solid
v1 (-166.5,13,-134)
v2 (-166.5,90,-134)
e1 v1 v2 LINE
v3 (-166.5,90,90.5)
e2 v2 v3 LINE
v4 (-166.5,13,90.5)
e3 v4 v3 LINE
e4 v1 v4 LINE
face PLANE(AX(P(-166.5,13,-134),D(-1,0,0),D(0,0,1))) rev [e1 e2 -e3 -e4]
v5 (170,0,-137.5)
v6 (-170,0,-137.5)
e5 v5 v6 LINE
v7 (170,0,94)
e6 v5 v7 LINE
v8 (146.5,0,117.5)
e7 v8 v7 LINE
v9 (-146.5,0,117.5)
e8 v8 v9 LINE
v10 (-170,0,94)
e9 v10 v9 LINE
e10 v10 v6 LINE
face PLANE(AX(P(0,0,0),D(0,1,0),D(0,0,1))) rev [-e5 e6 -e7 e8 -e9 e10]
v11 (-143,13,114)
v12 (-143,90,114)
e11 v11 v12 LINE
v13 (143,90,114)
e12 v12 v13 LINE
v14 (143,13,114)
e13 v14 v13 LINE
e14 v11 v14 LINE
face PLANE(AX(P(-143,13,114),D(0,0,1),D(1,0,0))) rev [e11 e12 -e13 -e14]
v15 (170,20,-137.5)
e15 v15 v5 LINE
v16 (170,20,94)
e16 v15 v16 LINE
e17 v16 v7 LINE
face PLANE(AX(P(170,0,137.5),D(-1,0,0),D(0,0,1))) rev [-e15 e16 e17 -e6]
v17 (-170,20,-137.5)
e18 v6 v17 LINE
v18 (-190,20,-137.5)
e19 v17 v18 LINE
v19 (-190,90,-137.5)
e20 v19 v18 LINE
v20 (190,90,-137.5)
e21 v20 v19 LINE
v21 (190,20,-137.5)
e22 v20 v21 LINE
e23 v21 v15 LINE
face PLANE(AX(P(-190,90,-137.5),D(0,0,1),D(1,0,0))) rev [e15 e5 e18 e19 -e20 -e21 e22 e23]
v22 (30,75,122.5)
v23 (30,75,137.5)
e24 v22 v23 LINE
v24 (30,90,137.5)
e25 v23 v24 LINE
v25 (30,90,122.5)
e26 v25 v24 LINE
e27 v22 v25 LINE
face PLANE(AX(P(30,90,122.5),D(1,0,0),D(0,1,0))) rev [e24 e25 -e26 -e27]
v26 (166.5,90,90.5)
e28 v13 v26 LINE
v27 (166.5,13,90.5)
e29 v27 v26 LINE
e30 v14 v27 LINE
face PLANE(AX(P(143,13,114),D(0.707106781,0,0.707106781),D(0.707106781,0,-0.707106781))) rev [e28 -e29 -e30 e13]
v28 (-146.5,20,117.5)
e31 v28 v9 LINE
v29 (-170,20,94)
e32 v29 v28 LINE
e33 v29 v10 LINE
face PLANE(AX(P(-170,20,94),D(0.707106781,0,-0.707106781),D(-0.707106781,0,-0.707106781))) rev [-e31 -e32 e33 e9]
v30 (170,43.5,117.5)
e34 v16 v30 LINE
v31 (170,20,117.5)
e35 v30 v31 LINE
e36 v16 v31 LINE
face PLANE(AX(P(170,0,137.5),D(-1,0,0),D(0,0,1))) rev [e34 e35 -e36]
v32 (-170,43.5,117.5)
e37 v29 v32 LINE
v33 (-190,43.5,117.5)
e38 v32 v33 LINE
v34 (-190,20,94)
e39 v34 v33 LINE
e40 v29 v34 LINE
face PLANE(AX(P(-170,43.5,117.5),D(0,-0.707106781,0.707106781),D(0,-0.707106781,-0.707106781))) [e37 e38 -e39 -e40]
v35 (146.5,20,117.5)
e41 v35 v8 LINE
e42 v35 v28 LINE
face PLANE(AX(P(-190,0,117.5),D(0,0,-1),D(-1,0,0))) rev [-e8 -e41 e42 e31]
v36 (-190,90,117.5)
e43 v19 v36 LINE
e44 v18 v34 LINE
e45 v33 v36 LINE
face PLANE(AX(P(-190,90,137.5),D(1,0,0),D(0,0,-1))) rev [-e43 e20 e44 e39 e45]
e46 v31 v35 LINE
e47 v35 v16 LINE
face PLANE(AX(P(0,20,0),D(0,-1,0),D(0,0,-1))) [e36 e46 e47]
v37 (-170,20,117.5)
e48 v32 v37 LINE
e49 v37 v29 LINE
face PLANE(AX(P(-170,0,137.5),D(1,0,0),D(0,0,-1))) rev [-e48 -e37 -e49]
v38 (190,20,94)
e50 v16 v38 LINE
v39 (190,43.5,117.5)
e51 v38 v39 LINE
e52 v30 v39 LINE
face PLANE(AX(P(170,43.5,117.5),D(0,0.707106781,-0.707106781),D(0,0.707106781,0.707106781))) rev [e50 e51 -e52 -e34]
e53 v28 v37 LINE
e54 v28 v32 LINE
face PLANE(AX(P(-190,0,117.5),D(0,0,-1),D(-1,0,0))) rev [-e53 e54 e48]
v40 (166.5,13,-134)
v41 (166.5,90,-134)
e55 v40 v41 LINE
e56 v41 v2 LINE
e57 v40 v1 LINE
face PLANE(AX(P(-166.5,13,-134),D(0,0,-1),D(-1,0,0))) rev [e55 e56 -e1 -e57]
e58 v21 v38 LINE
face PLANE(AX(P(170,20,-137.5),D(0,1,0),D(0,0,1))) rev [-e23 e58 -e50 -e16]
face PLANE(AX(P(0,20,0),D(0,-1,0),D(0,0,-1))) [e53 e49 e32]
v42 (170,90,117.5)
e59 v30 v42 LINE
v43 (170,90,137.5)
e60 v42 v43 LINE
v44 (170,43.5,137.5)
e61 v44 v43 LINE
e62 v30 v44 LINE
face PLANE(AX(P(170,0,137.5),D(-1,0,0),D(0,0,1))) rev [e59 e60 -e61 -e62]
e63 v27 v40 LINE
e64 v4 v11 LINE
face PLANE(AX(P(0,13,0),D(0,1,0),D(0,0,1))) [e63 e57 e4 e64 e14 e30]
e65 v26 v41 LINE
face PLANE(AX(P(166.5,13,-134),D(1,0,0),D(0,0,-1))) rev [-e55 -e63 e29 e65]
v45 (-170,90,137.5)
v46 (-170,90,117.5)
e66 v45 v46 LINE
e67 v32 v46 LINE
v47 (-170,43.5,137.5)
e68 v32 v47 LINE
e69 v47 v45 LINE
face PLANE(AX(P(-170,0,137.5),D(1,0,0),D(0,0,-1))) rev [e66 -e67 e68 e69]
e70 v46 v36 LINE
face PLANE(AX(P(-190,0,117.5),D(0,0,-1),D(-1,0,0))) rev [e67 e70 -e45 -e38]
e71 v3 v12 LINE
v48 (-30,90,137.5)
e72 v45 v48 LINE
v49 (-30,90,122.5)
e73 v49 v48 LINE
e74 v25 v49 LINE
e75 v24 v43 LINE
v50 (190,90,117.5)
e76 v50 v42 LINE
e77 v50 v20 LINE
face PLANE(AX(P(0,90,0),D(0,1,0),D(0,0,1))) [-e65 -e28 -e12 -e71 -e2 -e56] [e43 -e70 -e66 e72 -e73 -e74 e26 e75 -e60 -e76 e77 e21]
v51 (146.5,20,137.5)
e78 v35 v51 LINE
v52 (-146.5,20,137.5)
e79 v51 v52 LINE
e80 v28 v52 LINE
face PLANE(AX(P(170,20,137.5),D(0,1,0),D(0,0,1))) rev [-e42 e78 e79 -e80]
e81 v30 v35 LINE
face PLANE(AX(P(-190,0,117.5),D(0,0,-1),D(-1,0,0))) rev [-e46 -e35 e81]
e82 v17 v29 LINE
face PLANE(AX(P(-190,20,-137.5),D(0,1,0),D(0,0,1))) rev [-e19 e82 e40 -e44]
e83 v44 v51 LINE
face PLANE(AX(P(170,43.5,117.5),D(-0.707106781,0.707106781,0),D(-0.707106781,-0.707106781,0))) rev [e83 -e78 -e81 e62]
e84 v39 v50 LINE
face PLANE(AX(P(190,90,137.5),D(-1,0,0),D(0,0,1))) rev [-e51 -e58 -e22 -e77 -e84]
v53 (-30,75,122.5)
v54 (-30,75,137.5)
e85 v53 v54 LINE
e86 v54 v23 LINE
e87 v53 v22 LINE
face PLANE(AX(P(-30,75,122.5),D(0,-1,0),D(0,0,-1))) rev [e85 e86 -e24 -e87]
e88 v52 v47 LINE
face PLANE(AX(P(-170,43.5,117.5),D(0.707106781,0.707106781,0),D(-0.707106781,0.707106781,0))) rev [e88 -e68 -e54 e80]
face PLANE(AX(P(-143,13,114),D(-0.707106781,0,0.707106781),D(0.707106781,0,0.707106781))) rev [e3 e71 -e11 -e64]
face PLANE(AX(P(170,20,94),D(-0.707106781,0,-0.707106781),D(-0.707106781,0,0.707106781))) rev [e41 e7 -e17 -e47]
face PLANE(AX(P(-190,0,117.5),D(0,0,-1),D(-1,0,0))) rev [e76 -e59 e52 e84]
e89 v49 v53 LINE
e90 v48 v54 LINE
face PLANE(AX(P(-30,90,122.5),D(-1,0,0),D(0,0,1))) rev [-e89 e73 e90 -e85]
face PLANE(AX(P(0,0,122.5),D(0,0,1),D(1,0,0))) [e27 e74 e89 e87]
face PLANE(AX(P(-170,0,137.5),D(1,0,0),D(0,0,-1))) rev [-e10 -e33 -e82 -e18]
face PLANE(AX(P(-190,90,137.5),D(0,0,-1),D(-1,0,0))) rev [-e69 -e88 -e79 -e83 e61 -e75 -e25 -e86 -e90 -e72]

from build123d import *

# Parameters (mm, degrees)
SKETCH_1_W          = 380
SKETCH_1_H          = 275
EXTRUDE_1_DEPTH     = 90
SKETCH_2_W          = 20
SKETCH_2_H          = 20
CUT_EXTRUDE_1_DEPTH = 90
SKETCH_4_W          = 20
SKETCH_4_H          = 20
CUT_EXTRUDE_3_DEPTH = 255
SKETCH_5_W          = 20
SKETCH_5_H          = 20
CUT_EXTRUDE_4_DEPTH = 340
CUT_EXTRUDE_5_DEPTH = 77
SKETCH_7_W          = 60
SKETCH_7_H          = 15
CUT_EXTRUDE_6_DEPTH = 15
CUT_EXTRUDE_7_DEPTH = 20
CUT_EXTRUDE_8_DEPTH = 20
CUT_EXTRUDE_9_DEPTH = 20


with BuildPart() as part:
    # 草圖1 → 填料-伸長1 (new body)
    with BuildSketch(Plane(origin=(0, 0, 0), x_dir=(1, 0, 0), z_dir=(0, 1, 0))):
        Rectangle(SKETCH_1_W, SKETCH_1_H)
    extrude(amount=EXTRUDE_1_DEPTH)

    # 草圖2 → 除料-伸長1 (cut)
    with BuildSketch(Plane(origin=(0, 90, 0), x_dir=(1, 0, 0), z_dir=(0, 1, 0))):
        with Locations((-180, -127.5)):
            Rectangle(SKETCH_2_W, SKETCH_2_H)
        with Locations((180, -127.5)):
            Rectangle(SKETCH_2_W, SKETCH_2_H)
    extrude(amount=-CUT_EXTRUDE_1_DEPTH, mode=Mode.SUBTRACT)

    # 草圖4 → 除料-伸長3 (cut)
    with BuildSketch(Plane.XY.offset(117.5)):
        with Locations((-180, 10)):
            Rectangle(SKETCH_4_W, SKETCH_4_H)
        with Locations((180, 10)):
            Rectangle(SKETCH_4_W, SKETCH_4_H)
    extrude(amount=-CUT_EXTRUDE_3_DEPTH, mode=Mode.SUBTRACT)

    # 草圖5 → 除料-伸長4 (cut)
    with BuildSketch(Plane.ZY.offset(170)):
        with Locations((127.5, 10)):
            Rectangle(SKETCH_5_W, SKETCH_5_H)
    extrude(amount=-CUT_EXTRUDE_4_DEPTH, mode=Mode.SUBTRACT)

    # 草圖6 → 除料-伸長5 (cut)
    with BuildSketch(Plane(origin=(0, 90, 0), x_dir=(1, 0, 0), z_dir=(0, 1, 0))):
        Polygon((-166.5, 134), (166.5, 134), (166.5, -90.5), (143, -114), (-143, -114), (-166.5, -90.5), align=None)
    extrude(amount=-CUT_EXTRUDE_5_DEPTH, mode=Mode.SUBTRACT)

    # 草圖7 → 除料-伸長6 (cut)
    with BuildSketch(Plane.XY.offset(137.5)):
        with Locations((0, 82.5)):
            Rectangle(SKETCH_7_W, SKETCH_7_H)
    extrude(amount=-CUT_EXTRUDE_6_DEPTH, mode=Mode.SUBTRACT)

    # 草圖9 → 除料-伸長7 (cut)
    with BuildSketch(Plane.XY.offset(137.5)):
        Polygon((-170, 20), (-170, 43.5), (-146.5, 20), align=None)
        Polygon((170, 43.5), (146.5, 20), (170, 20), align=None)
    extrude(amount=-CUT_EXTRUDE_7_DEPTH, mode=Mode.SUBTRACT)

    # 草圖10 → 除料-伸長8 (cut)
    with BuildSketch(Plane(origin=(190, 0, 0), x_dir=(0, 0, -1), z_dir=(1, 0, 0))):
        Polygon((-94, 20), (-117.5, 20), (-117.5, 43.5), align=None)
    cut_extrude_8 = extrude(amount=-CUT_EXTRUDE_8_DEPTH, mode=Mode.SUBTRACT)

    # 鏡射1: 除料-伸長8 across plane
    add(cut_extrude_8.mirror(Plane(origin=(0, 0, 0), x_dir=(0, 0, 1), z_dir=(1, 0, 0))), mode=Mode.SUBTRACT)

    # 草圖11 → 除料-伸長9 (cut)
    with BuildSketch(Plane.XZ):
        Polygon((-146.5, 117.5), (-170, 117.5), (-170, 94), align=None)
        Polygon((170, 94), (146.5, 117.5), (170, 117.5), align=None)
    extrude(amount=-CUT_EXTRUDE_9_DEPTH, mode=Mode.SUBTRACT)


solid = part.part
